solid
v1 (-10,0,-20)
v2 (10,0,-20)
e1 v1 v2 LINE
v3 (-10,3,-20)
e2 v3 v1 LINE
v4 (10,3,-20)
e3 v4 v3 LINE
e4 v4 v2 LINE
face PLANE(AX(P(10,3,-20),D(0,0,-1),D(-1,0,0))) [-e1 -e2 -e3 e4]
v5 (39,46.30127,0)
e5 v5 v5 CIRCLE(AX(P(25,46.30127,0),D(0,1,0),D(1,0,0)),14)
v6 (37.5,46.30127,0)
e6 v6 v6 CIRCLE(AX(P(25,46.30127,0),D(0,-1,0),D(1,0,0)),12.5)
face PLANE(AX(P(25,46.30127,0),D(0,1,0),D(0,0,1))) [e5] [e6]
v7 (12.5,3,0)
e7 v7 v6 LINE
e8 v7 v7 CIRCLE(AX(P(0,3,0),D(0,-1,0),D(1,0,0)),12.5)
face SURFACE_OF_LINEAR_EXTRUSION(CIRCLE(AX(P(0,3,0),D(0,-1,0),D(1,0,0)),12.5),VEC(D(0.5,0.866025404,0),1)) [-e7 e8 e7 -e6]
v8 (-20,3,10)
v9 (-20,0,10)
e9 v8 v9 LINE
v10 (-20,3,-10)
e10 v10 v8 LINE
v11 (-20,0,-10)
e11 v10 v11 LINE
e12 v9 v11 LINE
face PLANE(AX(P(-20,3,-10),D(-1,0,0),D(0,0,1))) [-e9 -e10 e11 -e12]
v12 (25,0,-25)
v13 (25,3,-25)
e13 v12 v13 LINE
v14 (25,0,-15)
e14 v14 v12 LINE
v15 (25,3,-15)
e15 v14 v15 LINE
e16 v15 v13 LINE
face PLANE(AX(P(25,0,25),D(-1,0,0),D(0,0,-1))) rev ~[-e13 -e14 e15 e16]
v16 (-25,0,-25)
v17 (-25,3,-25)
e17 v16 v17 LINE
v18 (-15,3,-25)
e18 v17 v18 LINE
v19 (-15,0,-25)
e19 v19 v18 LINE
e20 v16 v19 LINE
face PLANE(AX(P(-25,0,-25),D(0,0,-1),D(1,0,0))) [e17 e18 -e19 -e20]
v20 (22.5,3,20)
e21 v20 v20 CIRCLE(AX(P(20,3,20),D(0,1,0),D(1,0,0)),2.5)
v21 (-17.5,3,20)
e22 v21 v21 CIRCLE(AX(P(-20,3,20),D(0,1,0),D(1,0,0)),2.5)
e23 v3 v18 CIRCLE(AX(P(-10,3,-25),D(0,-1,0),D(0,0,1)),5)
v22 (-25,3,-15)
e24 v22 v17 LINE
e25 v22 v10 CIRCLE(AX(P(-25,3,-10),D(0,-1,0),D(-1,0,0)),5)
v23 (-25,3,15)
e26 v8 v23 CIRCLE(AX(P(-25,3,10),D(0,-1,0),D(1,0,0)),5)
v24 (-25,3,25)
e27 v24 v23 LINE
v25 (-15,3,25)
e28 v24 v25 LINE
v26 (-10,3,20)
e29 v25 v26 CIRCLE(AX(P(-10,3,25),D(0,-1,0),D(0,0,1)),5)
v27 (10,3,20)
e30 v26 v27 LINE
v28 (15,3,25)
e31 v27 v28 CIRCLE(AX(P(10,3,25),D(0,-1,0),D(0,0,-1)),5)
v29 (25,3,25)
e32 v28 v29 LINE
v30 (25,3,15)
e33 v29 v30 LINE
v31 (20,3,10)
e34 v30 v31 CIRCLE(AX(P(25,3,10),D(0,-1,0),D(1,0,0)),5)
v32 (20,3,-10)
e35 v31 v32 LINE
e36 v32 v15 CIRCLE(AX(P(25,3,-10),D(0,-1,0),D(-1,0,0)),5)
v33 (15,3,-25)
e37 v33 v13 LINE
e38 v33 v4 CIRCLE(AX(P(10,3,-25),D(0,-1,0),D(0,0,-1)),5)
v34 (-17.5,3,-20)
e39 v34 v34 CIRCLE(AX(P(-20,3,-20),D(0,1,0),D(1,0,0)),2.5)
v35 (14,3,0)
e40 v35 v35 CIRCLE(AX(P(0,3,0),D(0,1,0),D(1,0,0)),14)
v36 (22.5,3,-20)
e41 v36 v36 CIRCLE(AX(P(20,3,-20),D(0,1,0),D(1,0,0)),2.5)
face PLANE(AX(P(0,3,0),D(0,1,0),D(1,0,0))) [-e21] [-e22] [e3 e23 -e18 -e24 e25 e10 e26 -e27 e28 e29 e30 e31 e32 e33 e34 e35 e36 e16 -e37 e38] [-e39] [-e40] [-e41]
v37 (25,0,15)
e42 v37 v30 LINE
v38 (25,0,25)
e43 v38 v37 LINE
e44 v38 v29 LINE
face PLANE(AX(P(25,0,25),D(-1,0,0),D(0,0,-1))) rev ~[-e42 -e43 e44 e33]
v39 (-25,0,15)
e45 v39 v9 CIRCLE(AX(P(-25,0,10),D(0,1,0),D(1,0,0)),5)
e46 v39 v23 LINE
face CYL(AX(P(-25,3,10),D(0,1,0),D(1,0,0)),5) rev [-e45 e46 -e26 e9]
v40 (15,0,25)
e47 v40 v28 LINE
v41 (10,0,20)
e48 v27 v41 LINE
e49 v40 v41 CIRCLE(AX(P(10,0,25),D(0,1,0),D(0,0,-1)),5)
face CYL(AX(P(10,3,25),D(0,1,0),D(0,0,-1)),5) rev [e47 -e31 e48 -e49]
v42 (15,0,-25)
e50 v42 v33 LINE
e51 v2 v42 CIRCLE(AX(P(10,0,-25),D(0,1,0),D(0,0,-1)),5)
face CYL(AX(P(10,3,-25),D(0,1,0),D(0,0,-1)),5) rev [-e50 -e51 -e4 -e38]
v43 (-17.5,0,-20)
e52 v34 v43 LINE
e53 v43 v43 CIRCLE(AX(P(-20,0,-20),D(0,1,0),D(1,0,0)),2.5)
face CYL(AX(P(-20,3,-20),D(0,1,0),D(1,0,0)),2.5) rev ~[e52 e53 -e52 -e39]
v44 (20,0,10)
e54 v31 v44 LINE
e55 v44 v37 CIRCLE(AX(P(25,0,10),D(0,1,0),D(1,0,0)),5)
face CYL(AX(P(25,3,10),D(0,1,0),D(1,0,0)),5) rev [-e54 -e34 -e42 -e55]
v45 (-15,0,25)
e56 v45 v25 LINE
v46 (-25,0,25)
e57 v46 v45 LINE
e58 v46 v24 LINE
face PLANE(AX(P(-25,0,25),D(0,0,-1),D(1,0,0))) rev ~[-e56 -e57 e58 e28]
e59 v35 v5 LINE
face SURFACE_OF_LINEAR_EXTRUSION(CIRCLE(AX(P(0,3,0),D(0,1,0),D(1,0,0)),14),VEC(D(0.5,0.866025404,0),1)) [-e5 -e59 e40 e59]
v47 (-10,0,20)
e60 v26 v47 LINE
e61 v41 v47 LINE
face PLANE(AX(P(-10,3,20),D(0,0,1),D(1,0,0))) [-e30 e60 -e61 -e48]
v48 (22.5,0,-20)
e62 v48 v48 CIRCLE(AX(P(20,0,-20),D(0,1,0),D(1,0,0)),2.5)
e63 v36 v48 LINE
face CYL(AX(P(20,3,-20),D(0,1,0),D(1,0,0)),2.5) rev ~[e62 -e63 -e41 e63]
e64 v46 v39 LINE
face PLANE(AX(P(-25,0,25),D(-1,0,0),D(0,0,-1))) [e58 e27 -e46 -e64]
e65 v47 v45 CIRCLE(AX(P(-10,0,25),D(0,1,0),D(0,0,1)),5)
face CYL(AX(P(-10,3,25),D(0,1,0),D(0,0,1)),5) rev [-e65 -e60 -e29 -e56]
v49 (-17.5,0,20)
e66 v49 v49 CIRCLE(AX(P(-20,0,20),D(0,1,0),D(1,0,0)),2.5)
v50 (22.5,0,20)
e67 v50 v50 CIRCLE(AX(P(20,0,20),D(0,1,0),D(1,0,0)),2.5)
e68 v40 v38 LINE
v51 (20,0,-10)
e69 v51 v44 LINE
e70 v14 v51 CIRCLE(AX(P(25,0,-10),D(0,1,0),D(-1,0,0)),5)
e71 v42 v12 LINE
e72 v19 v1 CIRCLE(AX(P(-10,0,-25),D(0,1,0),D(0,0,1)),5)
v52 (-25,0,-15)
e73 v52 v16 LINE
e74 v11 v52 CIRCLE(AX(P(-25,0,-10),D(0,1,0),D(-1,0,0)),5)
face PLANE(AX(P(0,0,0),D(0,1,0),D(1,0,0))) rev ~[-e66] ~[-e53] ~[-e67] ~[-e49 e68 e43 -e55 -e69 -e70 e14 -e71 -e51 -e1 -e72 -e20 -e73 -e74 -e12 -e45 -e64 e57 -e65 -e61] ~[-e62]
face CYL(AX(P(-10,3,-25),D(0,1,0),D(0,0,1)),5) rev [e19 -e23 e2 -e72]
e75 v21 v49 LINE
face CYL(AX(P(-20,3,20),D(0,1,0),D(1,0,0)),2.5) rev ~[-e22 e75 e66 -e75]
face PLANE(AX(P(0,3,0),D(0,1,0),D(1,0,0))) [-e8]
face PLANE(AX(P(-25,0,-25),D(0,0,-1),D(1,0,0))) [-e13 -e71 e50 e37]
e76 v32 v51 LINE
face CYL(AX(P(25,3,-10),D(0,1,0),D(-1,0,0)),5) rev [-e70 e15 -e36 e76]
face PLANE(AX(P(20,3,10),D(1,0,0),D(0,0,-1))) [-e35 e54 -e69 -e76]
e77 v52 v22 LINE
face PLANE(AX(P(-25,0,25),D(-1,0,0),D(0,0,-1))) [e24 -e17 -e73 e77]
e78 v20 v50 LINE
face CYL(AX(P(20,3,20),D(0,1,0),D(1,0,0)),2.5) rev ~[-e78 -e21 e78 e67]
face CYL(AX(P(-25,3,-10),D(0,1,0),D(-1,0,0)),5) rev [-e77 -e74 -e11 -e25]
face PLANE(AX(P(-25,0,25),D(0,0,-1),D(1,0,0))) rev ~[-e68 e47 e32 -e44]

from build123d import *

# Parameters (mm, degrees)
SKETCH1_W           = 50
SKETCH1_H           = 50
BOSS_EXTRUDE1_DEPTH = 3
SKETCH3_R           = 14
SKETCH3_R_2         = 12.5
CUT_EXTRUDE1_REACH  = 65.411
SKETCH4_R           = 2.5
CUT_EXTRUDE2_REACH  = 65.411
CIRPATTERN1_COUNT   = 4


with BuildPart() as part:
    # Sketch1 → Boss-Extrude1 (new body)
    with BuildSketch(Plane(origin=(0, 0, 0), x_dir=(1, 0, 0), z_dir=(0, 1, 0))):
        Rectangle(SKETCH1_W, SKETCH1_H)
    extrude(amount=BOSS_EXTRUDE1_DEPTH)

    # Sweep1: sweep along a path in Sketch2
    with BuildLine(Plane.XY) as sweep1_path:
        Line((0, 3), (25, 46.301270189))
    # Sketch3 → Sweep1 (sweep)
    with BuildSketch(Plane(origin=(0, 3, 0), x_dir=(1, 0, 0), z_dir=(0, 1, 0))):
        Circle(SKETCH3_R)
        Circle(SKETCH3_R_2, mode=Mode.SUBTRACT)
    sweep(path=sweep1_path.line)

    # Sketch4 → Cut-Extrude1 (cut, up to next)
    with BuildSketch(Plane(origin=(0, 3, 0), x_dir=(1, 0, 0), z_dir=(0, 1, 0)), mode=Mode.PRIVATE) as cut_extrude1_sk1:
        with Locations((-20, 20)):
            Circle(SKETCH4_R)
    cut_extrude1_tool1 = extrude(cut_extrude1_sk1.sketch, amount=-CUT_EXTRUDE1_REACH, mode=Mode.PRIVATE) & part.part
    # Sketch4 → Cut-Extrude1 (cut, up to next)
    with BuildSketch(Plane(origin=(0, 3, 0), x_dir=(1, 0, 0), z_dir=(0, 1, 0)), mode=Mode.PRIVATE) as cut_extrude1_sk2:
        with Locations((20, 20)):
            Circle(SKETCH4_R)
    cut_extrude1_tool2 = extrude(cut_extrude1_sk2.sketch, amount=-CUT_EXTRUDE1_REACH, mode=Mode.PRIVATE) & part.part
    # Sketch4 → Cut-Extrude1 (cut, up to next)
    with BuildSketch(Plane(origin=(0, 3, 0), x_dir=(1, 0, 0), z_dir=(0, 1, 0)), mode=Mode.PRIVATE) as cut_extrude1_sk3:
        with Locations((20, -20)):
            Circle(SKETCH4_R)
    cut_extrude1_tool3 = extrude(cut_extrude1_sk3.sketch, amount=-CUT_EXTRUDE1_REACH, mode=Mode.PRIVATE) & part.part
    # Sketch4 → Cut-Extrude1 (cut, up to next)
    with BuildSketch(Plane(origin=(0, 3, 0), x_dir=(1, 0, 0), z_dir=(0, 1, 0)), mode=Mode.PRIVATE) as cut_extrude1_sk4:
        with Locations((-20, -20)):
            Circle(SKETCH4_R)
    cut_extrude1_tool4 = extrude(cut_extrude1_sk4.sketch, amount=-CUT_EXTRUDE1_REACH, mode=Mode.PRIVATE) & part.part
    add(cut_extrude1_tool1.solids().sort_by_distance((-20, 3, -20))[0], mode=Mode.SUBTRACT)
    add(cut_extrude1_tool2.solids().sort_by_distance((20, 3, -20))[0], mode=Mode.SUBTRACT)
    add(cut_extrude1_tool3.solids().sort_by_distance((20, 3, 20))[0], mode=Mode.SUBTRACT)
    add(cut_extrude1_tool4.solids().sort_by_distance((-20, 3, 20))[0], mode=Mode.SUBTRACT)

    # Sketch5 → Cut-Extrude2 (cut, up to next)
    with BuildSketch(Plane(origin=(0, 3, 0), x_dir=(1, 0, 0), z_dir=(0, 1, 0)), mode=Mode.PRIVATE) as cut_extrude2_sk1:
        with BuildLine():
            Line((-10, 30), (10, 30))
            ThreePointArc((10, 30), (15, 25), (10, 20))
            Line((10, 20), (-10, 20))
            ThreePointArc((-10, 20), (-15, 25), (-10, 30))
        make_face()
    cut_extrude2_tool1 = extrude(cut_extrude2_sk1.sketch, amount=-CUT_EXTRUDE2_REACH, mode=Mode.PRIVATE) & part.part
    cut_extrude2 = cut_extrude2_tool1.solids().sort_by_distance((0, 3, -25))[0]
    add(cut_extrude2, mode=Mode.SUBTRACT)

    # CirPattern1: Cut-Extrude2 ×4 about axis
    cirpattern1_axis = Axis((0, 86.42986483, 0), (0, -1, 0))
    for i in range(1, CIRPATTERN1_COUNT):
        add(cut_extrude2.rotate(cirpattern1_axis, i * 360 / CIRPATTERN1_COUNT), mode=Mode.SUBTRACT)


solid = part.part
